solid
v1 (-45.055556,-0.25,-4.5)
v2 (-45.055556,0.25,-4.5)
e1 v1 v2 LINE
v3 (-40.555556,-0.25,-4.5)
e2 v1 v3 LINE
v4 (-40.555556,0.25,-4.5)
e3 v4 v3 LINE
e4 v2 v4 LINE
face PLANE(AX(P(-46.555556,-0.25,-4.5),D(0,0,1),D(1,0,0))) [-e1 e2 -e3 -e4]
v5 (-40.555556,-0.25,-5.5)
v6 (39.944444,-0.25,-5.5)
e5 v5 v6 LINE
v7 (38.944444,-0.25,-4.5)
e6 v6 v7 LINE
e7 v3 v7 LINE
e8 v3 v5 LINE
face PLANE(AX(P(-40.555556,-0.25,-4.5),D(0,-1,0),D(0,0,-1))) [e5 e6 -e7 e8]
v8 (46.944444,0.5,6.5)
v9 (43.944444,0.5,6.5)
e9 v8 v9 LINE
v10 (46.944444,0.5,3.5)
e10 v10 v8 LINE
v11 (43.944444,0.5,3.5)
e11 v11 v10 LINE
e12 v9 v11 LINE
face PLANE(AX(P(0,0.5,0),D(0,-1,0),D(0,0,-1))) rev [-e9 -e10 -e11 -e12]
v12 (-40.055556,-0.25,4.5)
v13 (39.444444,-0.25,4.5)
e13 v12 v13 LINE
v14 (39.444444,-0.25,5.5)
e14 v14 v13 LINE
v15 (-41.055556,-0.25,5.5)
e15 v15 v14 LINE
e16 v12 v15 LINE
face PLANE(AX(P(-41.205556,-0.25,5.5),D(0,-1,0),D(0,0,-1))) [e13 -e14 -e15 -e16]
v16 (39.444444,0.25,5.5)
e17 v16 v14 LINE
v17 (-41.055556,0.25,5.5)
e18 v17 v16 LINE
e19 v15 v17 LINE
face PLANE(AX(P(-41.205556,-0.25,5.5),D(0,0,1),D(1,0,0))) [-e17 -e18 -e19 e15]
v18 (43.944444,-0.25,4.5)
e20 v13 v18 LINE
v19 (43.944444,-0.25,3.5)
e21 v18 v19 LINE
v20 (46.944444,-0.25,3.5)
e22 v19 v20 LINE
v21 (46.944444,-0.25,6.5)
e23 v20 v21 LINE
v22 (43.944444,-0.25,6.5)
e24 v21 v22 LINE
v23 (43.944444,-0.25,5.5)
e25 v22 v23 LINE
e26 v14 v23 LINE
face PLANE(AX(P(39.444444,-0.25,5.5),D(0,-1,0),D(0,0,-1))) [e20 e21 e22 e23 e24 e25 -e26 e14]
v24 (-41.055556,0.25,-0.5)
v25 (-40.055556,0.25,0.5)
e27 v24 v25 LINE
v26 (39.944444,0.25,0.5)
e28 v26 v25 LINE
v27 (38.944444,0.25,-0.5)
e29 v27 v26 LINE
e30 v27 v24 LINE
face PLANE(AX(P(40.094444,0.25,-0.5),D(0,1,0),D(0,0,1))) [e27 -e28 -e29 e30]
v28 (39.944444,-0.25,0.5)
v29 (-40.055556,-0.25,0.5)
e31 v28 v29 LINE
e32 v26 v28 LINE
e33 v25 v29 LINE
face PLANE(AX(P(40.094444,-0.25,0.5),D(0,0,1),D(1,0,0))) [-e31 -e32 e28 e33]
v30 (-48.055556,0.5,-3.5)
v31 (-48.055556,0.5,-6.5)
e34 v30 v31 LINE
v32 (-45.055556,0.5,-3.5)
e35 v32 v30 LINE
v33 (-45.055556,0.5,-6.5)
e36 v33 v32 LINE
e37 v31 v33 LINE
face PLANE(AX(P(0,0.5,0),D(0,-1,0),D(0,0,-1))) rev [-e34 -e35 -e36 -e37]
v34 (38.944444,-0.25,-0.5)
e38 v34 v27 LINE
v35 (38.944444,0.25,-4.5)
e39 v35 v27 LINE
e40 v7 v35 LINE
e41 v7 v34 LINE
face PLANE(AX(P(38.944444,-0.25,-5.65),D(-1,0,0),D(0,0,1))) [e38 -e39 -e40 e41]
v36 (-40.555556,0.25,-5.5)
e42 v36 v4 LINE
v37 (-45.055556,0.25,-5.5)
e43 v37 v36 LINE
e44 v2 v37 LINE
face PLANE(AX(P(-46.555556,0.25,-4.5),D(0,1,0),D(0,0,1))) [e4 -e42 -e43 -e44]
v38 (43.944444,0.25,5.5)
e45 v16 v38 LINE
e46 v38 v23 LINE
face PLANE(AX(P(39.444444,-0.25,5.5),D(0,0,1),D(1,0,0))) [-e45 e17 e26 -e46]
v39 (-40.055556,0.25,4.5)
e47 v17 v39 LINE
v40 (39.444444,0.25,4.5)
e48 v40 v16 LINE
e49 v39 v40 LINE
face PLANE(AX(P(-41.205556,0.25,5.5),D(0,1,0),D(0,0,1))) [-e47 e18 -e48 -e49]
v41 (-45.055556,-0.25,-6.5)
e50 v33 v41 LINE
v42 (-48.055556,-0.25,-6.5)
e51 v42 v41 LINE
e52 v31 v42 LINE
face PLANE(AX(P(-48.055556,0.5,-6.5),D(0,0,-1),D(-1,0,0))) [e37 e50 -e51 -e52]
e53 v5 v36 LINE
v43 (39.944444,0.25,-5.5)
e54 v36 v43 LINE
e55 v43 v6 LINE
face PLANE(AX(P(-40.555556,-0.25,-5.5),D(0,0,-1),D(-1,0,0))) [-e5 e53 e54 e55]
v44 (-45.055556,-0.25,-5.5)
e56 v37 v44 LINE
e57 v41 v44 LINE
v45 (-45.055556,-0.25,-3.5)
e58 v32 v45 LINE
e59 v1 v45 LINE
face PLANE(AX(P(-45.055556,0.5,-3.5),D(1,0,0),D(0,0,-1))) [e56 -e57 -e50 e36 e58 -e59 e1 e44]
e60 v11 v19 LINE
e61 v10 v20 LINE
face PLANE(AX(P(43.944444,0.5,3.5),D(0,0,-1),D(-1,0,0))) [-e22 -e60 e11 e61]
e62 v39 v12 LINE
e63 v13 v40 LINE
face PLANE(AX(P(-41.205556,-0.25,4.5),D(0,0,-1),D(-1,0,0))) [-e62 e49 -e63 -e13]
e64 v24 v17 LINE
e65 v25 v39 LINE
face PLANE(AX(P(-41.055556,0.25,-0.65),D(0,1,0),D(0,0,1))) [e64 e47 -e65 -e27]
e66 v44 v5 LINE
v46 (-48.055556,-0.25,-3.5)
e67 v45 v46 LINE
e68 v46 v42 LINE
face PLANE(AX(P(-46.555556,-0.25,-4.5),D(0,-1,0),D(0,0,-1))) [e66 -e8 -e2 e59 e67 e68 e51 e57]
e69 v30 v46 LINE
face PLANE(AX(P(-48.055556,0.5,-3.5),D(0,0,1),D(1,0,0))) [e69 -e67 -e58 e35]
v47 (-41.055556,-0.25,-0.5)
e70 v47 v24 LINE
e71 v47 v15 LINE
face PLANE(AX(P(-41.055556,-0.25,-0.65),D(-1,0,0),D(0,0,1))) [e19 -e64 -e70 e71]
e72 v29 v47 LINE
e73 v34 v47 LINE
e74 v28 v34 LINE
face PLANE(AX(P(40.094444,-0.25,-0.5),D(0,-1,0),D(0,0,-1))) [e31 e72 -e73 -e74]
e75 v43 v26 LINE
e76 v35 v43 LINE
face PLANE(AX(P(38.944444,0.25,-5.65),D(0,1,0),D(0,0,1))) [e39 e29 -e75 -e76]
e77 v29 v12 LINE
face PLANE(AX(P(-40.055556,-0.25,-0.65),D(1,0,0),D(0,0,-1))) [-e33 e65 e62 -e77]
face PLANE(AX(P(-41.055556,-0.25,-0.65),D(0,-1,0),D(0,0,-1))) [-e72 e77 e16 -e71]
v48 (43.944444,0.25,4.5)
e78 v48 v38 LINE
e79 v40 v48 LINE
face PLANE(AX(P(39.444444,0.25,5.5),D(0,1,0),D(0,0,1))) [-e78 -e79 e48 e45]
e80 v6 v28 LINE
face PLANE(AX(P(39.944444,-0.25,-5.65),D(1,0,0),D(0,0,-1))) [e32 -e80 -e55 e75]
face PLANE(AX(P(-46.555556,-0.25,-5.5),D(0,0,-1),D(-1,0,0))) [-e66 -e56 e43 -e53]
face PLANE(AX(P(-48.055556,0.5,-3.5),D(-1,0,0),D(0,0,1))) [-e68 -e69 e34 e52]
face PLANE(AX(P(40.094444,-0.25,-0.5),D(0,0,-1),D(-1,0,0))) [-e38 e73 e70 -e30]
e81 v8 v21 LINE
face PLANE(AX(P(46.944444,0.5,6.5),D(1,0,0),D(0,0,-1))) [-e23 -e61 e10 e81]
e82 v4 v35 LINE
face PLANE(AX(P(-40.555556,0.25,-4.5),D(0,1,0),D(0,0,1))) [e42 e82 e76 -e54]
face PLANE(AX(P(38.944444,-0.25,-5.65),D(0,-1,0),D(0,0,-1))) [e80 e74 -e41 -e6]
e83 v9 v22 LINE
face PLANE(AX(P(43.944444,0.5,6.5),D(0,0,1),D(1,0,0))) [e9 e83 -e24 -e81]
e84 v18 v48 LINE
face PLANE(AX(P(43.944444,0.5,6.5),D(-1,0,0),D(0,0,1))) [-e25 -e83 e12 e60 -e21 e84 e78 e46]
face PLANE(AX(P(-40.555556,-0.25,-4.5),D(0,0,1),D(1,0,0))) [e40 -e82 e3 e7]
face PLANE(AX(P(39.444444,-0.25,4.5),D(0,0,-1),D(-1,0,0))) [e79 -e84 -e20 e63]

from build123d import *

# Parameters (mm, degrees)
SKETCH2_W           = 1
SKETCH2_H           = 0.5
SKETCH3_W           = 3
SKETCH3_H           = 3
BOSS_EXTRUDE1_DEPTH = 0.75


with BuildPart() as part:
    # Sweep1: sweep along a path in Sketch1
    with BuildLine(Plane(origin=(0, 0, 0), x_dir=(1, 0, 0), z_dir=(0, 1, 0))) as sweep1_path:
        Line((-46.555555556, 5), (-40.555555556, 5))
        Line((-40.555555556, 5), (39.444444444, 5))
        Line((39.444444444, 5), (39.444444444, 0))
        Line((39.444444444, 0), (-40.555555556, 0))
        Line((-40.555555556, 0), (-40.555555556, -5))
        Line((-40.555555556, -5), (39.444444444, -5))
        Line((39.444444444, -5), (45.444444444, -5))
    # Sketch2 → Sweep1 (sweep)
    with BuildSketch(Plane(origin=(45.444444444, 0, 0), x_dir=(0, 0, -1), z_dir=(1, 0, 0))):
        with Locations((-5, 0)):
            Rectangle(SKETCH2_W, SKETCH2_H)
    sweep(path=sweep1_path.line, transition=Transition.RIGHT)

    # Sketch3 → Boss-Extrude1 (add)
    with BuildSketch(Plane.XZ.offset(0.25)):
        with Locations((-46.555555556, -5)):
            Rectangle(SKETCH3_W, SKETCH3_H)
        with Locations((45.444444444, 5)):
            Rectangle(SKETCH3_W, SKETCH3_H)
    extrude(amount=-BOSS_EXTRUDE1_DEPTH)


solid = part.part
